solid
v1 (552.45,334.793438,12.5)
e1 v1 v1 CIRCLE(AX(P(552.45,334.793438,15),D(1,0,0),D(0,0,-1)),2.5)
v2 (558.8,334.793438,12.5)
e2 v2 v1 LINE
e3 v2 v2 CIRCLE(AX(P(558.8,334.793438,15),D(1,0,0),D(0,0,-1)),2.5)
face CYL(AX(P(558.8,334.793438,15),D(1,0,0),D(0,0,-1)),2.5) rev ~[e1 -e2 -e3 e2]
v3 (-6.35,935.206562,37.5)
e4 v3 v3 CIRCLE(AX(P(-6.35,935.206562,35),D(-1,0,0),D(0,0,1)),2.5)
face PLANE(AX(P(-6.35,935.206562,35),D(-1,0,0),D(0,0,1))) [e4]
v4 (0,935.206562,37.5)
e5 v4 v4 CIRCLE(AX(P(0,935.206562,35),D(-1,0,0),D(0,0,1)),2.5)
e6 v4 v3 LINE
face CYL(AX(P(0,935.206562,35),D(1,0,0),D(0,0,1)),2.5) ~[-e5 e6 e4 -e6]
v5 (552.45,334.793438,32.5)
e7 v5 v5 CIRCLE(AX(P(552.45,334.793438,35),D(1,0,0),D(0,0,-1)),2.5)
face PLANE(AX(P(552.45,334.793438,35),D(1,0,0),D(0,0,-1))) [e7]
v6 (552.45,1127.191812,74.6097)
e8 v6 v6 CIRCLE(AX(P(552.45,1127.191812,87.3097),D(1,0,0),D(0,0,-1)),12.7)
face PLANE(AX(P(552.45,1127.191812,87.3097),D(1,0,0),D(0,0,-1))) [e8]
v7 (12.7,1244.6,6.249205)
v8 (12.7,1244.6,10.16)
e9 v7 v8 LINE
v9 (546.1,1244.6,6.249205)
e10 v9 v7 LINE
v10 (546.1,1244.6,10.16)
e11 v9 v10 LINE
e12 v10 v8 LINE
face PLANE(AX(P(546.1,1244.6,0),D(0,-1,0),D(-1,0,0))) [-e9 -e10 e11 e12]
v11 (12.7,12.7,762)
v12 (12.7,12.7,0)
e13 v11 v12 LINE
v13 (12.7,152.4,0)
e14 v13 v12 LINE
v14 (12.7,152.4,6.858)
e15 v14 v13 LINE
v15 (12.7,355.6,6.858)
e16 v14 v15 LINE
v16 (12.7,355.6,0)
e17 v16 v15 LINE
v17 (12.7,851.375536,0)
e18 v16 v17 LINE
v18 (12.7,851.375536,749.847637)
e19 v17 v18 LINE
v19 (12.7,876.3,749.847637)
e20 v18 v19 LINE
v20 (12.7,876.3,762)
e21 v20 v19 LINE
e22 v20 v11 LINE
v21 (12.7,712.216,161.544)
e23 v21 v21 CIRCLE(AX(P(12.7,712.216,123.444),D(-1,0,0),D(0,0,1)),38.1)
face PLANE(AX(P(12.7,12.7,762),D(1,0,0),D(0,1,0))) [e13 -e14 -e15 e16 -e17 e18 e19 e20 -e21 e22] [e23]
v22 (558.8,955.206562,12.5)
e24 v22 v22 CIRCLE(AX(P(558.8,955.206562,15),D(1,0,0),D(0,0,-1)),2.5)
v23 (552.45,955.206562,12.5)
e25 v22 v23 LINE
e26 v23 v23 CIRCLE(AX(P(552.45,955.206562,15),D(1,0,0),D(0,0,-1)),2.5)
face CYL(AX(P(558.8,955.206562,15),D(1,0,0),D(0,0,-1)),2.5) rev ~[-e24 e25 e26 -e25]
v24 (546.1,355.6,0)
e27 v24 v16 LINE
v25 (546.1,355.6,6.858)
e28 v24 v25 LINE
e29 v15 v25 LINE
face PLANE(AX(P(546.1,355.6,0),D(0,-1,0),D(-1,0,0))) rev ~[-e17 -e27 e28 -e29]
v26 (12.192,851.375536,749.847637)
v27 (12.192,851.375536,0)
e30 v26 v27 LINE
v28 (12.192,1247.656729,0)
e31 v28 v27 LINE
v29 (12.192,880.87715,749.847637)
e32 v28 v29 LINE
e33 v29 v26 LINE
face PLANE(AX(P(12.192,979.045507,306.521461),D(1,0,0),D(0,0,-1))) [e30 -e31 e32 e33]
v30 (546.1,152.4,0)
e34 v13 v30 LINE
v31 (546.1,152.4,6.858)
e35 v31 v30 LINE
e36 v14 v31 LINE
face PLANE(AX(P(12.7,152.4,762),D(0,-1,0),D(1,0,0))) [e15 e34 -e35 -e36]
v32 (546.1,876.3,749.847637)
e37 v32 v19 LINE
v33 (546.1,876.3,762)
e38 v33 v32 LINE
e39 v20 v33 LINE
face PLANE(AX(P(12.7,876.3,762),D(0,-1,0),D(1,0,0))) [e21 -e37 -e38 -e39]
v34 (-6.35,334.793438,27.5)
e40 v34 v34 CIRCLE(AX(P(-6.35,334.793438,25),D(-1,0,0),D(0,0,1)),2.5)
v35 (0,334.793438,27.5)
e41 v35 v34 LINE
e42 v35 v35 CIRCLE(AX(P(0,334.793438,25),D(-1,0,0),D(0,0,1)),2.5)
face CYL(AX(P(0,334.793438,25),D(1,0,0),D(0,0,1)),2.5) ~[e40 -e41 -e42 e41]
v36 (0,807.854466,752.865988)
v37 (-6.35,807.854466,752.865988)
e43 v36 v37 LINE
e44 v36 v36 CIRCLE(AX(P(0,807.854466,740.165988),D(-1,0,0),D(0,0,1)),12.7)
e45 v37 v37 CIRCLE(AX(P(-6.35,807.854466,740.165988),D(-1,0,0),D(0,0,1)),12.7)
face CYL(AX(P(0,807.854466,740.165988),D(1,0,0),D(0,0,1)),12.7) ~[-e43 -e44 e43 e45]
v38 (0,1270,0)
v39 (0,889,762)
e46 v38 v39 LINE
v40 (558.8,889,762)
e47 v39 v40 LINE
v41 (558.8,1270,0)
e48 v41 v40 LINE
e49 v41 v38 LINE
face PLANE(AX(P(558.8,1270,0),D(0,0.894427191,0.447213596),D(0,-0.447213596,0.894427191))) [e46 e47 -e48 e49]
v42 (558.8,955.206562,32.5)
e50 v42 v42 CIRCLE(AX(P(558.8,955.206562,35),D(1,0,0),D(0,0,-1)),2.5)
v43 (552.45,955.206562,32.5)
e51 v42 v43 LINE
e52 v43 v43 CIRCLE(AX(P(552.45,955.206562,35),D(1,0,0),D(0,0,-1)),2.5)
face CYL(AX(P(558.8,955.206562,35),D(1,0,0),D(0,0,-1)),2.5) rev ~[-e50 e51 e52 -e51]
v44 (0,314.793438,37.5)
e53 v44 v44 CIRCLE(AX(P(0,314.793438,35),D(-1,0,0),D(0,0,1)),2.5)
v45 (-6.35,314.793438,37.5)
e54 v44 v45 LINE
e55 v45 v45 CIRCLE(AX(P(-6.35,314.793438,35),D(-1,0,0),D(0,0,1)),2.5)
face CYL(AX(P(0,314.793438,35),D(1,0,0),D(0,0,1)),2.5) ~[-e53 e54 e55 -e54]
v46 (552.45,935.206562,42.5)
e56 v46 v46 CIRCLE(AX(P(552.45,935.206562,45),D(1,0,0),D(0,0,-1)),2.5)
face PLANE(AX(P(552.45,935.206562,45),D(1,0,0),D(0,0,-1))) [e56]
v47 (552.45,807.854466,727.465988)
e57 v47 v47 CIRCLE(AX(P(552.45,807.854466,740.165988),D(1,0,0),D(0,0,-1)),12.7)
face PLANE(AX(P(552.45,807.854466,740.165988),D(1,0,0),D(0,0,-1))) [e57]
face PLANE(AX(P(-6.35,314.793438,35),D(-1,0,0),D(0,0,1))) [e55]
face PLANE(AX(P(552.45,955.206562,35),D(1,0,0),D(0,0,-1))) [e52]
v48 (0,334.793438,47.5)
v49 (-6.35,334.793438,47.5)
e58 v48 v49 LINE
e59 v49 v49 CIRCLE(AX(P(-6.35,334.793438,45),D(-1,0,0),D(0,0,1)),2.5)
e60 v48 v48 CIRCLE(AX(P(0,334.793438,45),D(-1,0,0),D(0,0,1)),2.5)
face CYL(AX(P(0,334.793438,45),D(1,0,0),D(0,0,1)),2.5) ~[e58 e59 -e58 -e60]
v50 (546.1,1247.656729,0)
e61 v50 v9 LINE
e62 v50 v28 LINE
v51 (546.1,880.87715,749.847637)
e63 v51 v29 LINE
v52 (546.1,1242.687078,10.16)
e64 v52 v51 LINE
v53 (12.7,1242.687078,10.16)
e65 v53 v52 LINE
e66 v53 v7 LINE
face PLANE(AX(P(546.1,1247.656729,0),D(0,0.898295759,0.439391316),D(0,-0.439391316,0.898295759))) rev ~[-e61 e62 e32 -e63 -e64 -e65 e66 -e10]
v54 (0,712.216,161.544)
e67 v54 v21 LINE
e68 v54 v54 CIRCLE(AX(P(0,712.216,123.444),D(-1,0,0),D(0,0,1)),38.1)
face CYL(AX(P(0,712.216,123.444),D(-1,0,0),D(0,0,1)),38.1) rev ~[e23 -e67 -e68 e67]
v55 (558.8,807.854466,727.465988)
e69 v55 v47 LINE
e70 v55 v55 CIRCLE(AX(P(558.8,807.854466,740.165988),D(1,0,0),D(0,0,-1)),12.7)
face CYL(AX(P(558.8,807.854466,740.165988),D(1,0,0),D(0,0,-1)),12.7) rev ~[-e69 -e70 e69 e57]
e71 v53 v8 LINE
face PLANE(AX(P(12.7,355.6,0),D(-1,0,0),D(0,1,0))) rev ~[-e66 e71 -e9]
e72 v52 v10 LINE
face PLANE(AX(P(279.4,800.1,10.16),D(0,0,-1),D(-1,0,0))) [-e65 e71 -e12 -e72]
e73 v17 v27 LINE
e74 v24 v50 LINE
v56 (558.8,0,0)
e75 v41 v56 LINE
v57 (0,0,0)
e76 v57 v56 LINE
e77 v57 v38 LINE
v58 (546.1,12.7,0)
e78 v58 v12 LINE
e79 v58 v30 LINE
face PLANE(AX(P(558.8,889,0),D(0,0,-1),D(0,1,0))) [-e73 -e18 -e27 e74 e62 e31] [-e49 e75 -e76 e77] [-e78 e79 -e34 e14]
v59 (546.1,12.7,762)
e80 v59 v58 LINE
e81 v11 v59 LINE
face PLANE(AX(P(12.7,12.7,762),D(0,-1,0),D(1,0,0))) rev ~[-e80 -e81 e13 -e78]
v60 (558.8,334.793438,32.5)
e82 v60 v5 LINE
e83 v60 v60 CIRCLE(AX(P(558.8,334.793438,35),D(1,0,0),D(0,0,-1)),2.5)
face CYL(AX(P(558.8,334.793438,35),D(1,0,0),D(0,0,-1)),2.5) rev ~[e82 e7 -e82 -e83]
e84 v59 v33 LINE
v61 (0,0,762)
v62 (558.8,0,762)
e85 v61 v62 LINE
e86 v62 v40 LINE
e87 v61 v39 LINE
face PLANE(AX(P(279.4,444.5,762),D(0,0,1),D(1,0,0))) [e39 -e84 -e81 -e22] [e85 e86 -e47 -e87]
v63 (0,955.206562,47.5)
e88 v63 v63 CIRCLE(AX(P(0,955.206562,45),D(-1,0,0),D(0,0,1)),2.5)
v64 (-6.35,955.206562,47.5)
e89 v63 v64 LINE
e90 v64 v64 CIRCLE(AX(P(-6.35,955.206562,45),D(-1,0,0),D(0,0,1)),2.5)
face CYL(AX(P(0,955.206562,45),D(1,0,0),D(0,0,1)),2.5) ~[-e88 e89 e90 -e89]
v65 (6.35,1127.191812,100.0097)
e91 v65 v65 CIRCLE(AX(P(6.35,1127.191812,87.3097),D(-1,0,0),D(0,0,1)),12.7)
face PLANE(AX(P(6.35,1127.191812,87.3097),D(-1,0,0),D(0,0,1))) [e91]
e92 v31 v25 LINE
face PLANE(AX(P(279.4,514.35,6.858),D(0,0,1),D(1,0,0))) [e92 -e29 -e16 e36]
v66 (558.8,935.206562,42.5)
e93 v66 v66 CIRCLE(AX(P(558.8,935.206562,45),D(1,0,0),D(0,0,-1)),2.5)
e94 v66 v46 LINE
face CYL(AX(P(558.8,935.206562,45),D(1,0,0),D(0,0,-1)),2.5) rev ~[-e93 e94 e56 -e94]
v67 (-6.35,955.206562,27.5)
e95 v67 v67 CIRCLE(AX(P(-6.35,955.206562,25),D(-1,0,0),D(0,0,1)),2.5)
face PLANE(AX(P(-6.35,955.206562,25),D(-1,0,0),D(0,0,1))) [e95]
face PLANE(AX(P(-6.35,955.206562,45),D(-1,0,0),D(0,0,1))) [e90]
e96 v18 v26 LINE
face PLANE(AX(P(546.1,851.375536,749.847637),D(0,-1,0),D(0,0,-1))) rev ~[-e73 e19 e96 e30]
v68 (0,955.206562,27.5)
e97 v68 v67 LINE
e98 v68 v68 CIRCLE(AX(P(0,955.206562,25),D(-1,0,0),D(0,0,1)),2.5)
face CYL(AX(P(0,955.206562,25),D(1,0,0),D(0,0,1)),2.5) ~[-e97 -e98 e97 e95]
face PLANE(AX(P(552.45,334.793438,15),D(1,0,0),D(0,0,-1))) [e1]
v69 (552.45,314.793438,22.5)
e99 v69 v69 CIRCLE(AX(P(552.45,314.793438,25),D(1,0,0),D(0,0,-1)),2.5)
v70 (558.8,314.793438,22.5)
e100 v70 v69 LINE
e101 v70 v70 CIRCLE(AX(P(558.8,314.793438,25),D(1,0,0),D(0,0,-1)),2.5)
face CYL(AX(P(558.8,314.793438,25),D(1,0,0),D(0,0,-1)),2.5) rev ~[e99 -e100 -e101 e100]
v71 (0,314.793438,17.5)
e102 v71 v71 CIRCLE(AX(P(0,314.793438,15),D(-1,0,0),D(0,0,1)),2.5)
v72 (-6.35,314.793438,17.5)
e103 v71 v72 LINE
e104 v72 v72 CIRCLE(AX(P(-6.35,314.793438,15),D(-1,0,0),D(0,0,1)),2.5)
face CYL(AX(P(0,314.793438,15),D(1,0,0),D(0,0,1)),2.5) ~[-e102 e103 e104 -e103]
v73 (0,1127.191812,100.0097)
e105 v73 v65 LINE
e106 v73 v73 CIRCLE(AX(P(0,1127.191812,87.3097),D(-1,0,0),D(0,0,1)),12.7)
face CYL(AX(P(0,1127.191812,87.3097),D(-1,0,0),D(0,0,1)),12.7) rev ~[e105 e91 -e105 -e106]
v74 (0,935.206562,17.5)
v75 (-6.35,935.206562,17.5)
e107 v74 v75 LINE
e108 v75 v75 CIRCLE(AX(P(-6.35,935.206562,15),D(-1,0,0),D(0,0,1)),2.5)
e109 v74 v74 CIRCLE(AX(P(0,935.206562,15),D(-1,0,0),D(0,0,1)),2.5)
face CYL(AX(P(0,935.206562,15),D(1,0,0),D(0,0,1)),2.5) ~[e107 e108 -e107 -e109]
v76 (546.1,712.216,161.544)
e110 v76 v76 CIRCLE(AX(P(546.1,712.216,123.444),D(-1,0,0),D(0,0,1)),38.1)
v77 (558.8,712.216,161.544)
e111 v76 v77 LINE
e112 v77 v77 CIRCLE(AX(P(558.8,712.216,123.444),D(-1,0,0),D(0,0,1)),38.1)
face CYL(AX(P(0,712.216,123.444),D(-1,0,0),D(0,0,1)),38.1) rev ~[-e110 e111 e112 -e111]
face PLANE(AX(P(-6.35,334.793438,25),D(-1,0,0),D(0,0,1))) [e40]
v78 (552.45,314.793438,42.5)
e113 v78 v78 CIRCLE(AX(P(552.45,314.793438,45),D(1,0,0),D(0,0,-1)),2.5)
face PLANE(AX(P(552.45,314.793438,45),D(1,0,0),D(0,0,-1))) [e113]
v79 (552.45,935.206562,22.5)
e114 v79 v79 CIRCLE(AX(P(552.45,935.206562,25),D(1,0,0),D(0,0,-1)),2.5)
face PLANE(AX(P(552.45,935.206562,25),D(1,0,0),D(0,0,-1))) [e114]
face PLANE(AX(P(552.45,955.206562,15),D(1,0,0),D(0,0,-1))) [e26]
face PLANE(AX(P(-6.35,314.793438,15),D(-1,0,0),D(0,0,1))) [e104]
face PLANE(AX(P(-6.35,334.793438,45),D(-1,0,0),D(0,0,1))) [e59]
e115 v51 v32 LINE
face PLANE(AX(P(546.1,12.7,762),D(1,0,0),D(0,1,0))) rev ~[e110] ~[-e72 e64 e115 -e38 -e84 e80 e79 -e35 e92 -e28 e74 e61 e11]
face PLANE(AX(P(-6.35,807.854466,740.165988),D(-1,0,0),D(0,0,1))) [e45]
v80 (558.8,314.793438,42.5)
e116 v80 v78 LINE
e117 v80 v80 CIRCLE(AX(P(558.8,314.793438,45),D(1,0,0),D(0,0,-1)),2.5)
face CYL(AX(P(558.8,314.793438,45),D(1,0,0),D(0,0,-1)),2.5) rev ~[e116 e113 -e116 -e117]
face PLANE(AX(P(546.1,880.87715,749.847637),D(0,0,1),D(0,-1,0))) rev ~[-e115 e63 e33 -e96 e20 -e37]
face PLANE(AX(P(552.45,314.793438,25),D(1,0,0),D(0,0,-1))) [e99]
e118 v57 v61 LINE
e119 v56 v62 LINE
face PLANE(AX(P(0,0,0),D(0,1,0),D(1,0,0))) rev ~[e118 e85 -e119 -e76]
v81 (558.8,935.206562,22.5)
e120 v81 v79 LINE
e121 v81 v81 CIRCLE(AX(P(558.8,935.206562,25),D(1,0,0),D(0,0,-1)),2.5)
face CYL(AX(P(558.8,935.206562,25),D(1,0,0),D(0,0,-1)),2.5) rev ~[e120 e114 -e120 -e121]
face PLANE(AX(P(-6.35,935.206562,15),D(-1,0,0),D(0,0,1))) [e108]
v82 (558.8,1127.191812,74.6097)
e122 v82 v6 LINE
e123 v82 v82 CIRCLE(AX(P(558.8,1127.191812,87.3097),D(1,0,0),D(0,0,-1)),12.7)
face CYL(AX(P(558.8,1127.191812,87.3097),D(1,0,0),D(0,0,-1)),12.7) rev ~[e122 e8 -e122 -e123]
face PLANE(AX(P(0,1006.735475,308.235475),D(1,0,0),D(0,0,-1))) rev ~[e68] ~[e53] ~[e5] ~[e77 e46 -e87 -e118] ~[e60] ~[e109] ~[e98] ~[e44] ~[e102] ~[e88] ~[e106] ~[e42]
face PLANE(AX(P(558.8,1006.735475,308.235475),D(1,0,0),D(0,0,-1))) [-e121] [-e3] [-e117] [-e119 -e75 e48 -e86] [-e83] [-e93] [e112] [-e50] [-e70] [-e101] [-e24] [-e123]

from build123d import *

# Parameters (mm, degrees)
SKETCH1_W           = 558.8
SKETCH1_H           = 889
BOSS_EXTRUDE1_DEPTH = 762
BOSS_EXTRUDE2_DEPTH = 558.8
SKETCH4_W           = 533.4
SKETCH4_H           = 127
CUT_EXTRUDE1_DEPTH  = 763
SKETCH5_W           = 533.4
SKETCH5_H           = 723.9
CUT_EXTRUDE3_DEPTH  = 755.142
SKETCH6_W           = 533.4
SKETCH6_H           = 889
CUT_EXTRUDE4_DEPTH  = 10.16
SKETCH7_R           = 38.1
CUT_EXTRUDE5_DEPTH  = 559.8
CUT_EXTRUDE6_DEPTH  = 533.908
CUT_EXTRUDE7_REACH  = 764
SKETCH12_W          = 533.4
SKETCH12_H          = 12.7
SKETCH13_R          = 2.5
SKETCH13_R_2        = 12.7
BOSS_EXTRUDE3_DEPTH = 6.35
SKETCH14_R          = 12.7
SKETCH14_R_2        = 2.5
CUT_EXTRUDE8_DEPTH  = 6.35
SKETCH15_R          = 12.7
CUT_EXTRUDE9_DEPTH  = 6.35


with BuildPart() as part:
    # Sketch1 → Boss-Extrude1 (new body)
    with BuildSketch(Plane.XY):
        with Locations((279.4, 444.5)):
            Rectangle(SKETCH1_W, SKETCH1_H)
    extrude(amount=BOSS_EXTRUDE1_DEPTH)

    # Sketch3 → Boss-Extrude2 (add)
    with BuildSketch(Plane(origin=(558.8, 0, 0), x_dir=(0, 0, -1), z_dir=(1, 0, 0))):
        Polygon((0, 889), (0, 1270), (-762, 889), align=None)
    extrude(amount=-BOSS_EXTRUDE2_DEPTH)

    # Sketch4 → Cut-Extrude1 (cut, through all)
    with BuildSketch(Plane.XY.offset(762)):
        with Locations((279.4, 76.2)):
            Rectangle(SKETCH4_W, SKETCH4_H)
    extrude(amount=-CUT_EXTRUDE1_DEPTH, mode=Mode.SUBTRACT)

    # Sketch5 → Cut-Extrude3 (cut)
    with BuildSketch(Plane.XY.offset(762)):
        with Locations((279.4, 514.35)):
            Rectangle(SKETCH5_W, SKETCH5_H)
    extrude(amount=-CUT_EXTRUDE3_DEPTH, mode=Mode.SUBTRACT)

    # Sketch6 → Cut-Extrude4 (cut)
    with BuildSketch(Plane(origin=(0, 0, 0), x_dir=(-1, 0, 0), z_dir=(0, 0, -1))):
        with Locations((-279.4, 800.1)):
            Rectangle(SKETCH6_W, SKETCH6_H)
    extrude(amount=-CUT_EXTRUDE4_DEPTH, mode=Mode.SUBTRACT)

    # Sketch7 → Cut-Extrude5 (cut, through all)
    with BuildSketch(Plane.ZY):
        with Locations((123.444, 712.216)):
            Circle(SKETCH7_R)
    extrude(amount=-CUT_EXTRUDE5_DEPTH, mode=Mode.SUBTRACT)

    # Sketch11 → Cut-Extrude6 (cut)
    with BuildSketch(Plane.ZY.offset(-546.1)):
        Polygon((0, 880.877149752), (0, 1247.656728703), (749.847637181, 880.877149752), (749.847637181, 851.37553613), (0, 851.37553613), align=None)
    extrude(amount=CUT_EXTRUDE6_DEPTH, mode=Mode.SUBTRACT)

    # Sketch12 → Cut-Extrude7 (cut, up to next)
    with BuildSketch(Plane.XY.offset(762), mode=Mode.PRIVATE) as cut_extrude7_sk1:
        with Locations((279.4, 146.05)):
            Rectangle(SKETCH12_W, SKETCH12_H)
    cut_extrude7_tool1 = extrude(cut_extrude7_sk1.sketch, amount=-CUT_EXTRUDE7_REACH, mode=Mode.PRIVATE) & part.part
    add(cut_extrude7_tool1.solids().sort_by_distance((279.4, 146.05, 762))[0], mode=Mode.SUBTRACT)

    # Sketch13 → Boss-Extrude3 (add)
    with BuildSketch(Plane.ZY):
        with Locations((45, 955.20656175)):
            Circle(SKETCH13_R)
        with Locations((25, 955.20656175)):
            Circle(SKETCH13_R)
        with Locations((35, 935.20656175)):
            Circle(SKETCH13_R)
        with Locations((15, 935.20656175)):
            Circle(SKETCH13_R)
        with Locations((740.165987986, 807.854465699)):
            Circle(SKETCH13_R_2)
        with Locations((35, 314.79343825)):
            Circle(SKETCH13_R)
        with Locations((45, 334.79343825)):
            Circle(SKETCH13_R)
        with Locations((25, 334.79343825)):
            Circle(SKETCH13_R)
        with Locations((15, 314.79343825)):
            Circle(SKETCH13_R)
    extrude(amount=BOSS_EXTRUDE3_DEPTH)

    # Sketch14 → Cut-Extrude8 (cut)
    with BuildSketch(Plane(origin=(558.8, 0, 0), x_dir=(0, 0, -1), z_dir=(1, 0, 0))):
        with Locations((-87.309700123, 1127.19181172)):
            Circle(SKETCH14_R)
        with Locations((-740.165987986, 807.854465699)):
            Circle(SKETCH14_R)
        with Locations((-25, 935.20656175)):
            Circle(SKETCH14_R_2)
        with Locations((-45, 935.20656175)):
            Circle(SKETCH14_R_2)
        with Locations((-35, 955.20656175)):
            Circle(SKETCH14_R_2)
        with Locations((-15, 955.20656175)):
            Circle(SKETCH14_R_2)
        with Locations((-25, 314.79343825)):
            Circle(SKETCH14_R_2)
        with Locations((-45, 314.79343825)):
            Circle(SKETCH14_R_2)
        with Locations((-35, 334.79343825)):
            Circle(SKETCH14_R_2)
        with Locations((-15, 334.79343825)):
            Circle(SKETCH14_R_2)
    extrude(amount=-CUT_EXTRUDE8_DEPTH, mode=Mode.SUBTRACT)

    # Sketch15 → Cut-Extrude9 (cut)
    with BuildSketch(Plane.ZY):
        with Locations((87.309700123, 1127.19181172)):
            Circle(SKETCH15_R)
    extrude(amount=-CUT_EXTRUDE9_DEPTH, mode=Mode.SUBTRACT)


solid = part.part
